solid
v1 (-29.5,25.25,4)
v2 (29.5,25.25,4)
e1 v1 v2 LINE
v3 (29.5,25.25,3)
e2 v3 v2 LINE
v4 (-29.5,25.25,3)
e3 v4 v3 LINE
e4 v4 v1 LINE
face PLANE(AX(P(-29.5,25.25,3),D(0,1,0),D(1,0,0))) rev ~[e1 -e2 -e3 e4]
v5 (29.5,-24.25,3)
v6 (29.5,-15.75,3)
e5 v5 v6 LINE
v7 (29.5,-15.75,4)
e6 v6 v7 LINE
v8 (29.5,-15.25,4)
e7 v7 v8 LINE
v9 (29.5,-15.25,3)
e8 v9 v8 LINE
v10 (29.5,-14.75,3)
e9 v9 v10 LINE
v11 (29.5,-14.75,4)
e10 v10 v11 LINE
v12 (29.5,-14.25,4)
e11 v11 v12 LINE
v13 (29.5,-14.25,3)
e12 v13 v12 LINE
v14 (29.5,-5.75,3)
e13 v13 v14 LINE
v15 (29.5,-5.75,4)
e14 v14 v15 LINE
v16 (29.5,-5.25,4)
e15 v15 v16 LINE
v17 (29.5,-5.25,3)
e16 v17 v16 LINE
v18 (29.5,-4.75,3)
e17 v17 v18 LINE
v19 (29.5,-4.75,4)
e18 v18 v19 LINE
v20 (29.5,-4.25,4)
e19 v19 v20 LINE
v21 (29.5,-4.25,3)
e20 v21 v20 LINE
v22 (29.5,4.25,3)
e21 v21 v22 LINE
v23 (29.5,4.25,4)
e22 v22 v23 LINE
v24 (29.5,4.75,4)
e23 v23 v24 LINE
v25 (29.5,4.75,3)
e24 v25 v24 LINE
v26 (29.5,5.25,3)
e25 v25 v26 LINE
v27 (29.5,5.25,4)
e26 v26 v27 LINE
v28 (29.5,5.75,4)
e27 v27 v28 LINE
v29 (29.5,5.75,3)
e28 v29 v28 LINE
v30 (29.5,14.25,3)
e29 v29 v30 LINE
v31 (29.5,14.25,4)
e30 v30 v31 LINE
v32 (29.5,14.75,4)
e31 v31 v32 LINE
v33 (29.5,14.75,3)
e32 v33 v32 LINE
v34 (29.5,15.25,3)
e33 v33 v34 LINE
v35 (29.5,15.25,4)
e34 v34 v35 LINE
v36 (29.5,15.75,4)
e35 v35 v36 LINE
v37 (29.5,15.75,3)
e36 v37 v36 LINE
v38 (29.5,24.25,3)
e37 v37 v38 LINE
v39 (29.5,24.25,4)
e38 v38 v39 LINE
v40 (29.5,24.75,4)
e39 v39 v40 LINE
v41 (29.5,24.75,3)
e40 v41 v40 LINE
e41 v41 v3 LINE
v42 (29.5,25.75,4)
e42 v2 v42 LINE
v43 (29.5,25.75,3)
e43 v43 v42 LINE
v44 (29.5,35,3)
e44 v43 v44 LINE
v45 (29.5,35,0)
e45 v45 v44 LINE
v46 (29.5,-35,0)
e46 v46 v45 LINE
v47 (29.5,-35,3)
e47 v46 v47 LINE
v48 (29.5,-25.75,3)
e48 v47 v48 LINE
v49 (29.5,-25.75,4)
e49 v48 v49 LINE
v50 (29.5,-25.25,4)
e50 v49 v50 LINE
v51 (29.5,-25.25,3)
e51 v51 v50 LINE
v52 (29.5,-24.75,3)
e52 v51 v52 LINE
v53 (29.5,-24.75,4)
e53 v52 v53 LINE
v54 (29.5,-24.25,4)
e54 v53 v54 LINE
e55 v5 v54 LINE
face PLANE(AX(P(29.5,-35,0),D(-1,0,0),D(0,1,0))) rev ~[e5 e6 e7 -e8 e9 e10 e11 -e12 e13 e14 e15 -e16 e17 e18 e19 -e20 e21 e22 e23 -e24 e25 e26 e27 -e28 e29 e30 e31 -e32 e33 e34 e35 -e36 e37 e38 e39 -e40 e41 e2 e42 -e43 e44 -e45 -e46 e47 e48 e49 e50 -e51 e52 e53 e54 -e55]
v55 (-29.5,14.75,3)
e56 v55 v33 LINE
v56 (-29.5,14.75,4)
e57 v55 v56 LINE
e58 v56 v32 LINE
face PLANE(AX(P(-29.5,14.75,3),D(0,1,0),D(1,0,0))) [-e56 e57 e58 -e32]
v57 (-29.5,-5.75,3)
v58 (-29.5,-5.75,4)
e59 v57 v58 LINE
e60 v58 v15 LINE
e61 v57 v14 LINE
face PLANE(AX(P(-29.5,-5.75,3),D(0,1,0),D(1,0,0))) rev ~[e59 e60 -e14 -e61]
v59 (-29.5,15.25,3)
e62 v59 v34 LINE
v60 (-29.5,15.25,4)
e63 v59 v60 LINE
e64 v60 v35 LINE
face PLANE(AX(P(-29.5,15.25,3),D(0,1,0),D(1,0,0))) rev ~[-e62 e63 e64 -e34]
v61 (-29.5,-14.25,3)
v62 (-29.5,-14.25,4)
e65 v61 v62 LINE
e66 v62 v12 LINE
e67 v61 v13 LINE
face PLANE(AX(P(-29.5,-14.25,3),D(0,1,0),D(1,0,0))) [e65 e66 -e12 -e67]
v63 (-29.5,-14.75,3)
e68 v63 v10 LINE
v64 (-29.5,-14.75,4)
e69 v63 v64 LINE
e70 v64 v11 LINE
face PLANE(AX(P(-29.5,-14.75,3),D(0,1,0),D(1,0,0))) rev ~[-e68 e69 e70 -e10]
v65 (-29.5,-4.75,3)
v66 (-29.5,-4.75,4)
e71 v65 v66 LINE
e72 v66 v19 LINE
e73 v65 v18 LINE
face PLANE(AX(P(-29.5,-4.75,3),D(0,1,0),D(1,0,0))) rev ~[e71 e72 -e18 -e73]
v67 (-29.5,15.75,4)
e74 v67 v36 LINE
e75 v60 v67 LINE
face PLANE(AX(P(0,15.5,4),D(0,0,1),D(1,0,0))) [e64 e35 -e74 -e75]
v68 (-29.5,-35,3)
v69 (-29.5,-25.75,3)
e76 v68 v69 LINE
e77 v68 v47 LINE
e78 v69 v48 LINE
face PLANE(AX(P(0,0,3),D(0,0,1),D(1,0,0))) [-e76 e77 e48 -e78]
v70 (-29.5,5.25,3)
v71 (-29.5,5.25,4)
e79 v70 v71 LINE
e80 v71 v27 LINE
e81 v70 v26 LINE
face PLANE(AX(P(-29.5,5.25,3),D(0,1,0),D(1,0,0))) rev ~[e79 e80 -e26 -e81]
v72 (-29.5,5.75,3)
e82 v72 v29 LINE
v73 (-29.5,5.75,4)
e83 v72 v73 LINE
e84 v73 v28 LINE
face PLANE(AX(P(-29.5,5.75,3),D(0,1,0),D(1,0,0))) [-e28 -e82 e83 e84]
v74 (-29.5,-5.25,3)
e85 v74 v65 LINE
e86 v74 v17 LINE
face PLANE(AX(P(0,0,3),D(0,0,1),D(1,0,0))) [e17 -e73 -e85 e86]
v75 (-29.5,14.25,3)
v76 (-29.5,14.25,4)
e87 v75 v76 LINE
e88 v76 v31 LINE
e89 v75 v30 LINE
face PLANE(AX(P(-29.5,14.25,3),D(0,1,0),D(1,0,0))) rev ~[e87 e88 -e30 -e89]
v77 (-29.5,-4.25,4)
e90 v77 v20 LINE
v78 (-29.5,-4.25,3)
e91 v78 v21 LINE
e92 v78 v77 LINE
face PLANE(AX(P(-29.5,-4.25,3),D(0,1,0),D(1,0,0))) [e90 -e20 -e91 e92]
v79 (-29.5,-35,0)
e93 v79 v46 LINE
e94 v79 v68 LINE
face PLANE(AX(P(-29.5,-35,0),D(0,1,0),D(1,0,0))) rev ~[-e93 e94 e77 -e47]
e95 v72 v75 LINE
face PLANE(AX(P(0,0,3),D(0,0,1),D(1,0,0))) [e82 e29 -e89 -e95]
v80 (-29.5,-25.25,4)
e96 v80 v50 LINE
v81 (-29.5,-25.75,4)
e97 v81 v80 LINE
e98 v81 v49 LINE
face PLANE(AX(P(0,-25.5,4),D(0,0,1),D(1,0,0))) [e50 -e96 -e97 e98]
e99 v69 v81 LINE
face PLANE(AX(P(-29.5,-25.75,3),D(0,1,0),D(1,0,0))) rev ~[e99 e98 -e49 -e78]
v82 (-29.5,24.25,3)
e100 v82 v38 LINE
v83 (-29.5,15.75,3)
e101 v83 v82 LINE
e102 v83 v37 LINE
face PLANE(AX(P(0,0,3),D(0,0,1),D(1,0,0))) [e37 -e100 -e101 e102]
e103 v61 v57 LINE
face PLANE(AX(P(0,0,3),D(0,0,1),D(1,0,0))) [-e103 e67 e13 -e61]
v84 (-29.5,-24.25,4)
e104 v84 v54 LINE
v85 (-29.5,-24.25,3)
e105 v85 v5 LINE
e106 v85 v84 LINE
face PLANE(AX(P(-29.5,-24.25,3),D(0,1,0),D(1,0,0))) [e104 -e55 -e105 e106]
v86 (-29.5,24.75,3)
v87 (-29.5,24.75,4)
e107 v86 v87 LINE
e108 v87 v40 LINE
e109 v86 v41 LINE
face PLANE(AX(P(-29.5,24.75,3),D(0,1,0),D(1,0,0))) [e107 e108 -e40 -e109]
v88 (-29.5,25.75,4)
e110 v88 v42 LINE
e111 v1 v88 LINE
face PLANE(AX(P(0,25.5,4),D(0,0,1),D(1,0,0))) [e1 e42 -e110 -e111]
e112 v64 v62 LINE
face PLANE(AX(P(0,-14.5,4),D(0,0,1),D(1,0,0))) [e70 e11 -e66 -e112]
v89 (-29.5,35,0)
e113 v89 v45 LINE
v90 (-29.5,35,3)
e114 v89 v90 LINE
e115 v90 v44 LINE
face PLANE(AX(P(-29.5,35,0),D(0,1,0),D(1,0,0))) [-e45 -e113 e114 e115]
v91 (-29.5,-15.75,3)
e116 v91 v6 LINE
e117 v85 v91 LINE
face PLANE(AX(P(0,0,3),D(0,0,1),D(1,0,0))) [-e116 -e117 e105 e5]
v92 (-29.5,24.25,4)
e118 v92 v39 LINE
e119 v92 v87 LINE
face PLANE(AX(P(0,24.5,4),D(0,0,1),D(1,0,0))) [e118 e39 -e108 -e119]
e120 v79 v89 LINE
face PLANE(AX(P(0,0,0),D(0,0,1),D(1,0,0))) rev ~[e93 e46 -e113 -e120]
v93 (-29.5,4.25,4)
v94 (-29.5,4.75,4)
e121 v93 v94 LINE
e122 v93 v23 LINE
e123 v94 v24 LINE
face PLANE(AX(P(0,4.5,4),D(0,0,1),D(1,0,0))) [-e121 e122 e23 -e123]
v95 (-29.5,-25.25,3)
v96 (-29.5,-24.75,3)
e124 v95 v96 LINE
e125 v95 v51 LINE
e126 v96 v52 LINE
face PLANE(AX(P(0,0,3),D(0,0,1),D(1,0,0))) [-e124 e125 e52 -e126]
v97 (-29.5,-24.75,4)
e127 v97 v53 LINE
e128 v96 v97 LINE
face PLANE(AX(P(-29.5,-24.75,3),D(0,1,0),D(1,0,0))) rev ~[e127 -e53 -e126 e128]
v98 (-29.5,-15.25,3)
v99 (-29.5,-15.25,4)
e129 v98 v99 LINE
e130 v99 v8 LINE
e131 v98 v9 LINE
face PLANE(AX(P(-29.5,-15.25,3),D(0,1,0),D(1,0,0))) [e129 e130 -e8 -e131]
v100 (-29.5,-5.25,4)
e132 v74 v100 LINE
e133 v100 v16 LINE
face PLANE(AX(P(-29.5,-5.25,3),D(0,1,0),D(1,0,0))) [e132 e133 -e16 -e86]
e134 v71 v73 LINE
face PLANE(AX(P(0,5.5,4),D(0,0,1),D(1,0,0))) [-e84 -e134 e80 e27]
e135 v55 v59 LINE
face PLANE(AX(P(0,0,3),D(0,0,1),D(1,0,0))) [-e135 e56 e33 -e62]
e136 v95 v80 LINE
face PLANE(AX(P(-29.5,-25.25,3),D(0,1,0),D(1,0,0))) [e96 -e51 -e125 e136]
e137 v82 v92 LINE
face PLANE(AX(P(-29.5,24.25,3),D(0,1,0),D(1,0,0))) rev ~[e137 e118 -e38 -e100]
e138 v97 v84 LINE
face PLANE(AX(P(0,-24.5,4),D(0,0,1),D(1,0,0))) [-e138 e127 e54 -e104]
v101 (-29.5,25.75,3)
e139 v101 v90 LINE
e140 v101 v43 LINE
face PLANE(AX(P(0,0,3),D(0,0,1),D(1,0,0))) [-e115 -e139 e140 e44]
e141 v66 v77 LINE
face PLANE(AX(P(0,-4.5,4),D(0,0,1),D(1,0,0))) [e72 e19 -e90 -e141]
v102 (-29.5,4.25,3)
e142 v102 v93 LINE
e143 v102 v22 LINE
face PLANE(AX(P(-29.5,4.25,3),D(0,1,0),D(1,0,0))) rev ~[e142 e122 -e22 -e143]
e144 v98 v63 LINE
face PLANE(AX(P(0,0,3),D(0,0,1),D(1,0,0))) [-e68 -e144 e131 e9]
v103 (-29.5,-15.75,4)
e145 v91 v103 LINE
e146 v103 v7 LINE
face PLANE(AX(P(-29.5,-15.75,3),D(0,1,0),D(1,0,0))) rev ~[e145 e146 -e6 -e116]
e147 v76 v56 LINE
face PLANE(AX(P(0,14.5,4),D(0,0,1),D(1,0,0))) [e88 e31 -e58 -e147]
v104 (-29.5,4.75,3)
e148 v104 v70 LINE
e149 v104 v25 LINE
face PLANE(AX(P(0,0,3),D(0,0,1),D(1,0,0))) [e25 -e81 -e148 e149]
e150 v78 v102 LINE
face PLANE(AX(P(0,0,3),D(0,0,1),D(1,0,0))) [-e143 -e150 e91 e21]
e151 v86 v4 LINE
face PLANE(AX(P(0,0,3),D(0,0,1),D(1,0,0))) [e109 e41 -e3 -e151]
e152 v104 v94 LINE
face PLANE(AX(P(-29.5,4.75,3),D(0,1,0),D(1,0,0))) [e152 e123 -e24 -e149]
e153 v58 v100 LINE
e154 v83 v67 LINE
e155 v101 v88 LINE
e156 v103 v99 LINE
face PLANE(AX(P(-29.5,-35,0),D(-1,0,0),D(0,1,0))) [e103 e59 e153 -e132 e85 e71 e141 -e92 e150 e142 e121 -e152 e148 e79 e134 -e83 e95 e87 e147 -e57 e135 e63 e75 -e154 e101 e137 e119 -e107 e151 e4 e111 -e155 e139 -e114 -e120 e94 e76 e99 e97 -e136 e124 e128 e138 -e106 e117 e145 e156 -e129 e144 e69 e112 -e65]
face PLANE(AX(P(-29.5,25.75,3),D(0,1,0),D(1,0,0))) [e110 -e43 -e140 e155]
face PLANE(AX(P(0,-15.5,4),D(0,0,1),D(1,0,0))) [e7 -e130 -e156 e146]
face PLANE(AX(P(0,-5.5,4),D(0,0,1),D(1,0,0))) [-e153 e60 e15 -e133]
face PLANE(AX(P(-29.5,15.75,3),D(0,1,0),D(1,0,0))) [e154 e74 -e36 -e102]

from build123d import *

# Parameters (mm, degrees)
SKETCH_W     = 59
SKETCH_H     = 70
PAD_DEPTH    = 3
SKETCH001_W  = 59
SKETCH001_H  = 0.5
PAD001_DEPTH = 1


with BuildPart() as part:
    # Sketch → Pad (new body)
    with BuildSketch(Plane.XY):
        Rectangle(SKETCH_W, SKETCH_H)
    extrude(amount=PAD_DEPTH)

    # Sketch001 (on Face6 of Pad) → Pad001 (join)
    with BuildSketch(Plane.XY.offset(3)):
        with Locations((0, -25.5)):
            Rectangle(SKETCH001_W, SKETCH001_H)
        with Locations((0, -24.5)):
            Rectangle(SKETCH001_W, SKETCH001_H)
        with Locations((0, -15.5)):
            Rectangle(SKETCH001_W, SKETCH001_H)
        with Locations((0, -14.5)):
            Rectangle(SKETCH001_W, SKETCH001_H)
        with Locations((0, -5.5)):
            Rectangle(SKETCH001_W, SKETCH001_H)
        with Locations((0, -4.5)):
            Rectangle(SKETCH001_W, SKETCH001_H)
        with Locations((0, 4.5)):
            Rectangle(SKETCH001_W, SKETCH001_H)
        with Locations((0, 5.5)):
            Rectangle(SKETCH001_W, SKETCH001_H)
        with Locations((0, 14.5)):
            Rectangle(SKETCH001_W, SKETCH001_H)
        with Locations((0, 15.5)):
            Rectangle(SKETCH001_W, SKETCH001_H)
        with Locations((0, 24.5)):
            Rectangle(SKETCH001_W, SKETCH001_H)
        with Locations((0, 25.5)):
            Rectangle(SKETCH001_W, SKETCH001_H)
    extrude(amount=PAD001_DEPTH)


solid = part.part
